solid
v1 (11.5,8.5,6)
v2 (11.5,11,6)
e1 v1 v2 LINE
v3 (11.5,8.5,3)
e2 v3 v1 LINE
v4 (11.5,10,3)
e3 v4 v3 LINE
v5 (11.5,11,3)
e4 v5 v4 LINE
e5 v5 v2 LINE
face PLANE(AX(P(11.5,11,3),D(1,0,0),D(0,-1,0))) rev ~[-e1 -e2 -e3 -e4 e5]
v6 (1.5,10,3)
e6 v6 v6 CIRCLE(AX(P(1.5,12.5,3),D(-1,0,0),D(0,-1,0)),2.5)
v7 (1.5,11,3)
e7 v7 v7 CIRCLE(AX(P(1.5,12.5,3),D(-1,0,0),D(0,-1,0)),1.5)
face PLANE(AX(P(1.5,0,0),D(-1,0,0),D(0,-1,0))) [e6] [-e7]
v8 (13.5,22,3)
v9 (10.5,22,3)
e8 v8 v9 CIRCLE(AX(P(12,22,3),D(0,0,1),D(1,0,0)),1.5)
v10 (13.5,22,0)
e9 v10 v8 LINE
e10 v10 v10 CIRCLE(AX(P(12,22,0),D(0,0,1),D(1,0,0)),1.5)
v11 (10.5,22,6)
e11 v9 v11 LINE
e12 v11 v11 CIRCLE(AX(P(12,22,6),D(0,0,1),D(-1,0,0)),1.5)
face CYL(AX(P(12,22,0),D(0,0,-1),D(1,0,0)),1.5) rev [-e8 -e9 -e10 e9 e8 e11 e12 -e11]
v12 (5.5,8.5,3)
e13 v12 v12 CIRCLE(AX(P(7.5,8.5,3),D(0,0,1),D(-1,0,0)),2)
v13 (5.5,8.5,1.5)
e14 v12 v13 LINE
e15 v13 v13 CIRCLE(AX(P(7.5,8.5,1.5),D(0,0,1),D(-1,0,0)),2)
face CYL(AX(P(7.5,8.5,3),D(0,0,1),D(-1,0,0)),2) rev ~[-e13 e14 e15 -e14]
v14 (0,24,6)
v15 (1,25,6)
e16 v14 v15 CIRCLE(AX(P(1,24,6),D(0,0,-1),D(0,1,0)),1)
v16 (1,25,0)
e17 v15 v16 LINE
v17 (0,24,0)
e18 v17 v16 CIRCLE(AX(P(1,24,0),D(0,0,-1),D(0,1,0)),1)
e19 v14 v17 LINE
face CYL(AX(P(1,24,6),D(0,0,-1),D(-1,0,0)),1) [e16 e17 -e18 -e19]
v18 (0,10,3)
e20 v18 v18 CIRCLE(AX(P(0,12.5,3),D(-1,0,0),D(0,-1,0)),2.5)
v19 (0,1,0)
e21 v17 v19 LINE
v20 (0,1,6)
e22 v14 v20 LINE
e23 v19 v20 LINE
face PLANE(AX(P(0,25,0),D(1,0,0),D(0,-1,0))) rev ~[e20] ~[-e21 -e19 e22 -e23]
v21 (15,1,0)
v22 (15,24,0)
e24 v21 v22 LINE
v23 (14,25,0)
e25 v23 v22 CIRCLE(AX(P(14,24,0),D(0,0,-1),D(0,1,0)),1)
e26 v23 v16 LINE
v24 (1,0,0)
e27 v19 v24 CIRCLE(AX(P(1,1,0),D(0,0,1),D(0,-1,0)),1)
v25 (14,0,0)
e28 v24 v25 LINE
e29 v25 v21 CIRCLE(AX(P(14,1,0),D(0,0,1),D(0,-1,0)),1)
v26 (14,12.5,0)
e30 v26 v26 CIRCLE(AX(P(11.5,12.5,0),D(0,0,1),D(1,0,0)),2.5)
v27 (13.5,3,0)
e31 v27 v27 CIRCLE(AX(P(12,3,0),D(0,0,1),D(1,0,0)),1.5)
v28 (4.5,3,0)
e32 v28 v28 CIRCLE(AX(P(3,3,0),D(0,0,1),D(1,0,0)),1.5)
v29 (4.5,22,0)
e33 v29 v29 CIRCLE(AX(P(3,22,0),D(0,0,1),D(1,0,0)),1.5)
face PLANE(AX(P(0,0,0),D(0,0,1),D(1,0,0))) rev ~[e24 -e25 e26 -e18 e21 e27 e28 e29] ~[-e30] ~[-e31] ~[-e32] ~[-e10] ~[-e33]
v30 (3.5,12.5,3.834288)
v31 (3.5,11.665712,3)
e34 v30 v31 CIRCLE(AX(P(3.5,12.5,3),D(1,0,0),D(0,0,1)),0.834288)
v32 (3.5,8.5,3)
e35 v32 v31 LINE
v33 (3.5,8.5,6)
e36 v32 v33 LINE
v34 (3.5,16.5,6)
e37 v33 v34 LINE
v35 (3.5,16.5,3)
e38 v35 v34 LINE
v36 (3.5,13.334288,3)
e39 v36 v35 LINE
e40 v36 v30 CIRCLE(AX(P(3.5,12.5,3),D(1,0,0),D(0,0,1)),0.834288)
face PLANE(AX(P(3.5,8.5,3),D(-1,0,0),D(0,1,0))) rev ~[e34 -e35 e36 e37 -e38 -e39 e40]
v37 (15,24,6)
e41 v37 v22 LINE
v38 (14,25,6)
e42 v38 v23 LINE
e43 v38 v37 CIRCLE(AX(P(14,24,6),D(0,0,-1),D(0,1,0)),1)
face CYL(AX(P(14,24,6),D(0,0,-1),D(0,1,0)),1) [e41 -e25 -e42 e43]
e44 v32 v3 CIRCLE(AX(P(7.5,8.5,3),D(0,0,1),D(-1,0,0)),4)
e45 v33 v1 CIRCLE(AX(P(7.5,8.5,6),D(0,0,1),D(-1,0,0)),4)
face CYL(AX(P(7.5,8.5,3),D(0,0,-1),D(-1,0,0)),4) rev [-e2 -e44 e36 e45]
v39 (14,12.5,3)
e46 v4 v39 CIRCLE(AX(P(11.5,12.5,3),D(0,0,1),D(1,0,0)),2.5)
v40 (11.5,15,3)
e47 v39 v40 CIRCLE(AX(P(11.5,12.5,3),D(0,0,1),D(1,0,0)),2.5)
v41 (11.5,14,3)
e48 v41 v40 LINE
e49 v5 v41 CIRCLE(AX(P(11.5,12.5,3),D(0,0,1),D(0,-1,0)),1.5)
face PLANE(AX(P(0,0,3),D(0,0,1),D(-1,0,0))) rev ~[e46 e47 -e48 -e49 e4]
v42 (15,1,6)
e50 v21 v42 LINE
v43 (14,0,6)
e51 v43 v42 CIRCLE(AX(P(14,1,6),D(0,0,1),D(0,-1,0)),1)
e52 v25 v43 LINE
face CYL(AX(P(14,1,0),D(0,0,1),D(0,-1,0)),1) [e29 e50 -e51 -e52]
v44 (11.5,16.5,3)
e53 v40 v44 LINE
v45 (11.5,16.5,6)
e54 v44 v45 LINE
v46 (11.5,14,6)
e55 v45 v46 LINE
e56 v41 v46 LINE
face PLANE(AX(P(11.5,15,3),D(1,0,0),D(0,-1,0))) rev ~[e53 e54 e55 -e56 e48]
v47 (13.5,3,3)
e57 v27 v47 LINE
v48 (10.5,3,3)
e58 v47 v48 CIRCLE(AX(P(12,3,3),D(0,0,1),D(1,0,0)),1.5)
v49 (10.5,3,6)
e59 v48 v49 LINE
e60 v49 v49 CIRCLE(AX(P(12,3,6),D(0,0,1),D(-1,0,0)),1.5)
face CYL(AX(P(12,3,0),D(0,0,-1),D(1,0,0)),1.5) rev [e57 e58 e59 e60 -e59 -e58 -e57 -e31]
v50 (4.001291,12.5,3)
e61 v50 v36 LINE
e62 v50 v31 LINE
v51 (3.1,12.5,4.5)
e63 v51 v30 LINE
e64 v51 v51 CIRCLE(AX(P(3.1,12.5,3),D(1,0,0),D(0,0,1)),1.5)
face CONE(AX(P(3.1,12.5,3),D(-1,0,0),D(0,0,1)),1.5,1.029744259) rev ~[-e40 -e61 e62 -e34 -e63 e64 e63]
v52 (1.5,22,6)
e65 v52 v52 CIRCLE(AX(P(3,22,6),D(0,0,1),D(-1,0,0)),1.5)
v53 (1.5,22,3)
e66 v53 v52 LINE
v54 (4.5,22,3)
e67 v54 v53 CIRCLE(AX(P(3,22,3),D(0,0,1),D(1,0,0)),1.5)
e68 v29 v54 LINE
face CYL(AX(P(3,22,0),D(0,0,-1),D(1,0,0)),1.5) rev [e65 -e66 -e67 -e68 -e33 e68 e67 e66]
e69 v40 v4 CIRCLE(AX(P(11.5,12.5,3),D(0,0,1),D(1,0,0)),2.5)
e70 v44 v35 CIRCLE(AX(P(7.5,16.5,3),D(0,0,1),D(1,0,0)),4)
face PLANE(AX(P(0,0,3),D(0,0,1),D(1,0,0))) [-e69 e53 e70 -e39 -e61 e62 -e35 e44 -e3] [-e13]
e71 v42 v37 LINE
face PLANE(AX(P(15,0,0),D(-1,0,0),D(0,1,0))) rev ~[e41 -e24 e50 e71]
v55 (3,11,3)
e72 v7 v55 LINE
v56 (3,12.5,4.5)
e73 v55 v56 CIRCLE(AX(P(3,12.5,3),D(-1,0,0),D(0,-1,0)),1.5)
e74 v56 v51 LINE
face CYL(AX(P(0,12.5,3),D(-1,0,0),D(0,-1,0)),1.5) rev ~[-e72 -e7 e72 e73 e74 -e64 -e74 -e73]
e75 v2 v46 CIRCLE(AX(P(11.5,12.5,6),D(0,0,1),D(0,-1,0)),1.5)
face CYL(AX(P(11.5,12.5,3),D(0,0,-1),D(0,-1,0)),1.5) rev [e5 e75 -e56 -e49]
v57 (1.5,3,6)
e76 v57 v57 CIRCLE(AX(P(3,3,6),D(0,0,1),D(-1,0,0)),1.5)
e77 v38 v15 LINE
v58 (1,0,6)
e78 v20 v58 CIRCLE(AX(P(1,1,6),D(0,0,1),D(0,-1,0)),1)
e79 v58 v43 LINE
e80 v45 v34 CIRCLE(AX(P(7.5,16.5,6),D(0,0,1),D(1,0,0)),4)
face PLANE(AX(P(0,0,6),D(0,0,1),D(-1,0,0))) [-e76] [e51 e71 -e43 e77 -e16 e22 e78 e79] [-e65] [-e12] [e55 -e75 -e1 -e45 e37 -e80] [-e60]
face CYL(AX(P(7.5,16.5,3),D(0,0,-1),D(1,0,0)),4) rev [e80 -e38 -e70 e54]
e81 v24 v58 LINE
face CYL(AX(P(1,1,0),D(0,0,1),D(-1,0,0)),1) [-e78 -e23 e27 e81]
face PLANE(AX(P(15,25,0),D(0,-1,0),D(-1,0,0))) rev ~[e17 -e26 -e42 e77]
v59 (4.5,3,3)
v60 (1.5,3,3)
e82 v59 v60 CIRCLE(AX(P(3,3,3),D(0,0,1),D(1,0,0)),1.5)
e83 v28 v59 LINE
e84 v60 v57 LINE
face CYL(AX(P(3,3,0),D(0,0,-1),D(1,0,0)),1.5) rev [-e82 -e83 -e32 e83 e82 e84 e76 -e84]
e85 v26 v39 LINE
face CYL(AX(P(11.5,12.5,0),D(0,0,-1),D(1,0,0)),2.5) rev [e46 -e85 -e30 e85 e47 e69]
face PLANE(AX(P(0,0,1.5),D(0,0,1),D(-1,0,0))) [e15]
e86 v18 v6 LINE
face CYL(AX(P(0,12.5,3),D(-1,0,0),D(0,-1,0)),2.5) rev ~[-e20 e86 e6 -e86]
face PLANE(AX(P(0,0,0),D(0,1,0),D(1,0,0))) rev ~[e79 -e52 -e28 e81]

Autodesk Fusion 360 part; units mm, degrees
sketch "Sketch1" plane through (0, 0, 0) normal (0, 0, 1) x (1, 0, 0)
  line L0 (0, 0) -> (15, 0)
  line L1 (15, 0) -> (15, 25)
  line L2 (15, 25) -> (0, 25)
  line L3 (0, 25) -> (0, 0)
  circle A0 centre (3, 22) radius 1.5
  circle A1 centre (12, 3) radius 1.5
  circle A2 centre (12, 22) radius 1.5
  circle A3 centre (3, 3) radius 1.5
  line L4 (7.5, 25) -> (7.5, 0) construction
  line L5 (7.5, 12.5) -> (11.5, 12.5) construction
  circle A4 centre (11.5, 12.5) radius 2.5
  dimension "d11" = 15
  dimension "d12" = 25
  dimension "d13" = 3
  dimension "d14" = 3
  dimension "d15" = 3
  dimension "d16" = 3
  dimension "d17" = 3
  dimension "d18" = 3
  dimension "d19" = 3
  dimension "d20" = 3
  dimension "d21" = 3
  dimension "d22" = 3
  dimension "d23" = 3
  dimension "d24" = 3
  dimension "d27" = 4
  dimension "d28" = 5
extrude "Extrude1" add sketch "Sketch1" along normal blind 3
sketch "Sketch2" plane through (0, 0, 3) normal (0, 0, 1) x (-1, 0, 0)
  circle A0 centre (-12, -22) radius 1.5
  circle A1 centre (-12, -3) radius 1.5
  circle A2 centre (-3, -22) radius 1.5
  circle A3 centre (-3, -3) radius 1.5
  circle A4 centre (-11.5, -12.5) radius 2.5
  line L0 (0, -25) -> (0, 0)
  line L1 (0, 0) -> (-15, 0)
  line L2 (-15, 0) -> (-15, -25)
  line L3 (-15, -25) -> (0, -25)
  circle A5 centre (-3, -22) radius 1.5
  circle A6 centre (-12, -22) radius 1.5
  circle A7 centre (-12, -3) radius 1.5
  circle A8 centre (-3, -3) radius 1.5
  line L4 (-7.5, -25) -> (-7.5, 0) construction
  line L5 (0, -12.5) -> (-15, -12.5) construction
  line L6 (-11.5, -16.5) -> (-11.5, -8.5)
  line L7 (-3.5, -8.5) -> (-3.5, -16.5)
  arc A9 (-11.5, -16.5) -> (-3.5, -16.5) centre (-7.5, -16.5) ccw
  arc A10 (-3.5, -8.5) -> (-11.5, -8.5) centre (-7.5, -8.5) ccw
  line L8 (-11.5, -12.5) -> (-3.5, -12.5) construction
  arc A11 (-11.5, -11) -> (-11.5, -14) centre (-11.5, -12.5) ccw
  circle A12 centre (-7.5, -8.5) radius 2
  dimension "d31" = 3
  dimension "d32" = 3
  dimension "d33" = 3
  dimension "d34" = 3
  dimension "d35" = 8
  dimension "d36" = 8
  dimension "d37" = 8
  dimension "d39" = 3
  dimension "d40" = 4
extrude "Extrude2" add sketch "Sketch2" along normal blind 3 contours A4 L6 A11 | L0 L1 L2 L3
extrude "Extrude3" cut sketch "Sketch2" against normal blind 1.5 contours A12
fillet "Fillet1" radius 1 4 edges at (15, 0, 3) (0, 0, 3) (0, 25, 3) (15, 25, 3)
sketch "Sketch3" plane through (0, 0, 0) normal (-1, 0, 0) x (0, -1, 0)
  line L0 (-24, 6) -> (-24, 0)
  line L1 (-24, 0) -> (-1, 0)
  line L2 (-1, 0) -> (-1, 6)
  line L3 (-1, 6) -> (-24, 6)
  line L4 (-25, 0) -> (-25, 6)
  line L5 (0, 0) -> (0, 6)
  line L6 (-25, 3) -> (0, 3) construction
  line L7 (-12.5, 6) -> (-12.5, 0) construction
  circle A0 centre (-12.5, 3) radius 2.5
  circle A1 centre (-12.5, 3) radius 1.5
  point P0 (-12.5, 0)
  dimension "d50" = 5
  dimension "d51" = 3
extrude "Extrude4" cut sketch "Sketch3" against normal blind 1.5 contours A0
extrude "Extrude5" cut sketch "Sketch3" against normal blind 3 contours A1
hole "Hole1" at (3, 12.5, 3) direction (1, 0, 0) diameter 3 depth 0.1 tip angle 118
equation "outer_filet_radius = 1 mm"
equation "mount_hole_diameter = 3 mm"
equation "mount_hole_length_inset = 3 mm"
equation "mount_hole_width_inset = 3 mm"
equation "bottom_thru_hole_diameter = 5 mm"
equation "bottom_plate_depth = 3 mm"
equation "bottom_plate_partial_hole_radius = 4 mm"
equation "bottom_plate_partial_hole_depth = 4.5 mm"
equation "width = 15 mm"
equation "length = 25 mm"
equation "d11 = width"
equation "d12 = length"
equation "d13 = mount_hole_diameter"
equation "d14 = mount_hole_diameter"
equation "d15 = mount_hole_diameter"
equation "d16 = mount_hole_diameter"
equation "d17 = mount_hole_width_inset"
equation "d18 = mount_hole_width_inset"
equation "d19 = mount_hole_width_inset"
equation "d20 = mount_hole_width_inset"
equation "d21 = mount_hole_length_inset"
equation "d22 = mount_hole_length_inset"
equation "d23 = mount_hole_length_inset"
equation "d24 = mount_hole_length_inset"
equation "slot_radius = 4 mm"
equation "slot_length = 16 mm"
equation "d27 = slot_radius"
equation "d28 = bottom_thru_hole_diameter"
equation "d29 = bottom_plate_depth"
equation "d31 = mount_hole_diameter"
equation "d32 = mount_hole_diameter"
equation "d33 = mount_hole_diameter"
equation "d34 = mount_hole_diameter"
equation "d35 = slot_radius * 2"
equation "d36 = slot_radius * 2"
equation "d37 = slot_length - ( slot_radius * 2 )"
equation "slotted_circle_diameter = 3 mm"
equation "d39 = slotted_circle_diameter"
equation "d40 = bottom_plate_partial_hole_radius"
equation "top_plate_thickness = 3 mm"
equation "d42 = top_plate_thickness"
equation "d44 = top_plate_thickness - bottom_plate_partial_hole_depth"
equation "d47 = outer_filet_radius"
equation "outer_side_hole_diameter = 5 mm"
equation "inner_side_hole_diameter = 3 mm"
equation "d50 = outer_side_hole_diameter"
equation "d51 = inner_side_hole_diameter"
equation "outer_side_hole_depth = 1.5 mm"
equation "inner_side_hole_depth = 3 mm"
equation "d54 = -outer_side_hole_depth"
equation "d56 = -inner_side_hole_depth"
